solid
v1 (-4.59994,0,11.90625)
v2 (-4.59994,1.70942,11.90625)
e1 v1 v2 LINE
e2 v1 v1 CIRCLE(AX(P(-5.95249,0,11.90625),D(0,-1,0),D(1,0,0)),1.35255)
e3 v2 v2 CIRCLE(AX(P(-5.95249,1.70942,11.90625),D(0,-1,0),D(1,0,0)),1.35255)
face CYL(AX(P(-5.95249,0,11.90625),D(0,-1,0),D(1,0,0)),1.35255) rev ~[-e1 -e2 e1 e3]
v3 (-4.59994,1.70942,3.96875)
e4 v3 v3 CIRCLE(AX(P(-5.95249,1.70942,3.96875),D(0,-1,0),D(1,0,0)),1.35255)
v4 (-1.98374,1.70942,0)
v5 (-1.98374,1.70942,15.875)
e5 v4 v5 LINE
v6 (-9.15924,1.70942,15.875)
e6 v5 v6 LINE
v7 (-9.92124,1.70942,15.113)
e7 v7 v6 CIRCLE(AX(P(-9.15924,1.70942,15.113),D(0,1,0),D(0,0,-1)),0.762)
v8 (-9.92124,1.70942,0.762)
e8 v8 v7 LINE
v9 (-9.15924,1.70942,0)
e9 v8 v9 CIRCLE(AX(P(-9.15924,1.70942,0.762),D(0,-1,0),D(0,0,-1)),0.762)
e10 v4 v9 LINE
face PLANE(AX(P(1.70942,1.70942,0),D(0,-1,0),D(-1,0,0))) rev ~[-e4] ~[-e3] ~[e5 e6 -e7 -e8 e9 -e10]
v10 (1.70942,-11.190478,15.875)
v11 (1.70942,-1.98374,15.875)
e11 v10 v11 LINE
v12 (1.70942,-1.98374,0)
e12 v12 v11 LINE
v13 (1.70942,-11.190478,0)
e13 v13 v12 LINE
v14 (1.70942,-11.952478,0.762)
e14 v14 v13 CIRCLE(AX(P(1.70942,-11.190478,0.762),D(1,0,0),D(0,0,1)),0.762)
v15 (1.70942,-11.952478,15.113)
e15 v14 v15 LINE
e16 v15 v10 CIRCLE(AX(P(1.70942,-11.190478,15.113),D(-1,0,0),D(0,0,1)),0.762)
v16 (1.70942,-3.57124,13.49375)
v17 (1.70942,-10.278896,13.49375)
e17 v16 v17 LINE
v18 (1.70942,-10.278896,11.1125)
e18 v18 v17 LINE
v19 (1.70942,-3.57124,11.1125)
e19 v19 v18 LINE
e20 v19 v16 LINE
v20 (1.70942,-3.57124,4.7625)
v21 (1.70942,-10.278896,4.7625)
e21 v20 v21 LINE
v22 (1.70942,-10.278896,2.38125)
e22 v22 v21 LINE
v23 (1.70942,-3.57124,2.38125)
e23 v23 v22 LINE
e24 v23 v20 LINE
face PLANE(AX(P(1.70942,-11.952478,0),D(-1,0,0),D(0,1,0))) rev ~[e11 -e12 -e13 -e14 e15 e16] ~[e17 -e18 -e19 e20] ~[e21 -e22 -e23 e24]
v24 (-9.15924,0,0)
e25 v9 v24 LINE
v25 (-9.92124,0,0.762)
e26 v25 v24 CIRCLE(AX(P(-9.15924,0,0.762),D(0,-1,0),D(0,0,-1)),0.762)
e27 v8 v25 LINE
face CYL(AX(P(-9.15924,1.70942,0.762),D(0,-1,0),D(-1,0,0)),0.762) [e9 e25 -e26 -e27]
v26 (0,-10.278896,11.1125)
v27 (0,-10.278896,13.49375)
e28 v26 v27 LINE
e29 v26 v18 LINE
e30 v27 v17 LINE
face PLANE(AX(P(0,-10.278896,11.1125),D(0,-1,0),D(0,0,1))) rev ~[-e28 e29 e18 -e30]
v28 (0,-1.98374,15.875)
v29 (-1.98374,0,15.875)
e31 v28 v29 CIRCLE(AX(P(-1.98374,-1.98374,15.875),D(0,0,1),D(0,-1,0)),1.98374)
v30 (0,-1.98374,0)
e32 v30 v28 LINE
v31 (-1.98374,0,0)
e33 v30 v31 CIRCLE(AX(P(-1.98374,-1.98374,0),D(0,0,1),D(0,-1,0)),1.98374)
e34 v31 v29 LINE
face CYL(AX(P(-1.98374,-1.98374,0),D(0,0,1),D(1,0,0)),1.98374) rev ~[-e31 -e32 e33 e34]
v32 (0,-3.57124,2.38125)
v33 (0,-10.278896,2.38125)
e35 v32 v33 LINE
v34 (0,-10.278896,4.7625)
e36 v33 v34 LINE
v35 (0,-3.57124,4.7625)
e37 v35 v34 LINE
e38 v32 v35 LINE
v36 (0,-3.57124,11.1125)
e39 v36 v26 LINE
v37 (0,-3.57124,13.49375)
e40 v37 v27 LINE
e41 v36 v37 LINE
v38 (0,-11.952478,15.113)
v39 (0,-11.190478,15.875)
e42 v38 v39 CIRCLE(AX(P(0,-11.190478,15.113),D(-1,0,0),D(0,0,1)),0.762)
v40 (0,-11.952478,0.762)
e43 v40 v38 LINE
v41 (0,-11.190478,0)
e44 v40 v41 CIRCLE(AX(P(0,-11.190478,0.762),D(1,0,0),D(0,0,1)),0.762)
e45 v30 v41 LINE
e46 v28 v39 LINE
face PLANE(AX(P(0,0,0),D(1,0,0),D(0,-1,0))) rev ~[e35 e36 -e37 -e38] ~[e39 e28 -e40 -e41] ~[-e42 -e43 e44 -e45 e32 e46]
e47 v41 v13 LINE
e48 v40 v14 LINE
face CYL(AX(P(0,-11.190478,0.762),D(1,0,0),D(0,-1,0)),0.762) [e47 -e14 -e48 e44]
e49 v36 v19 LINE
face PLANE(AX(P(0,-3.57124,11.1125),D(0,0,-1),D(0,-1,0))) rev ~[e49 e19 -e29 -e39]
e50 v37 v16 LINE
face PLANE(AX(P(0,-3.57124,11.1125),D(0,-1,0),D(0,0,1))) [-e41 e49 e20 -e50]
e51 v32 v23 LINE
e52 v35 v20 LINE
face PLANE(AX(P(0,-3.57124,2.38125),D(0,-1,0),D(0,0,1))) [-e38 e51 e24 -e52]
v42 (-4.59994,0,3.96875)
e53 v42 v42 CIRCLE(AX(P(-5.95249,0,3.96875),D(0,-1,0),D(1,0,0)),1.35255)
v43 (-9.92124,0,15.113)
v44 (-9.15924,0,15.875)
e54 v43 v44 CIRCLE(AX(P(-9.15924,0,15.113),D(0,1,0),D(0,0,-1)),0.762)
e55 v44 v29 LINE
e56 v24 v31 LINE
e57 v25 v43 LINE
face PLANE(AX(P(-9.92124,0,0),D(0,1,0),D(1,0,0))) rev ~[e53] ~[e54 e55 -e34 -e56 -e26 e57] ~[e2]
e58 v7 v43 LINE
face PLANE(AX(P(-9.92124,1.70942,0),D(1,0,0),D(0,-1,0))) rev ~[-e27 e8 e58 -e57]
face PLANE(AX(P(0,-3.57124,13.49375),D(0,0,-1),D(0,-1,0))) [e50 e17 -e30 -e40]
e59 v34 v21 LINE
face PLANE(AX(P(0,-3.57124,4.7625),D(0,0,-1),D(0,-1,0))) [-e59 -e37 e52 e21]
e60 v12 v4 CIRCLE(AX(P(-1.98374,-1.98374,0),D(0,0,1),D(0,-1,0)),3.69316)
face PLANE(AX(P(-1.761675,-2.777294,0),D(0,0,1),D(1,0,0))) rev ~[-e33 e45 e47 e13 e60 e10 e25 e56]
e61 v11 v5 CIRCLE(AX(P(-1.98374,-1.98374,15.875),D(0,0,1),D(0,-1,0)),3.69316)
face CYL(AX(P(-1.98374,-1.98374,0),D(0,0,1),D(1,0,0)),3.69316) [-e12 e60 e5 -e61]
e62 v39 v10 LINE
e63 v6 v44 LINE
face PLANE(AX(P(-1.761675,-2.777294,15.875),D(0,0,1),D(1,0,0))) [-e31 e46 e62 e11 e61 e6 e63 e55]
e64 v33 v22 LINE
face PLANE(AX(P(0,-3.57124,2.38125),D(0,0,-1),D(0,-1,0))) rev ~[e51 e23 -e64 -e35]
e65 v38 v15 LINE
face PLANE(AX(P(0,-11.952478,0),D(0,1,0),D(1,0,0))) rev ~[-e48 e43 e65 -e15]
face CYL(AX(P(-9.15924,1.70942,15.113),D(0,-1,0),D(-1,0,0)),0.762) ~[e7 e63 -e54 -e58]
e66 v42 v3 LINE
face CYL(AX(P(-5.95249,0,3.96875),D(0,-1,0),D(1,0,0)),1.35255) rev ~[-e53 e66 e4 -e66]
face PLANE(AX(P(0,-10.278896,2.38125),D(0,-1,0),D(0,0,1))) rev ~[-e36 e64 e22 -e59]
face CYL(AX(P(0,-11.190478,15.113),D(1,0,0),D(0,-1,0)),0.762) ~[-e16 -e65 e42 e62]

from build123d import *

# Parameters (mm, degrees)
F1_DEPTH = 15.875
F2_R     = 0.762
F3_R     = 1.98374
F4_R     = 3.69316
F5_W     = 6.707656
F5_H     = 2.38125
F6_DEPTH = 1.70942
F7_R     = 1.35255
F8_DEPTH = 1.70942


with BuildPart() as f1:
    # F0 (on Top) → F1 (new body)
    with BuildSketch(Plane.XY):
        Polygon((0, 0), (0, -11.952478), (1.70942, -11.952478), (1.70942, 1.70942), (-9.92124, 1.70942), (-9.92124, 0), align=None)
    extrude(amount=F1_DEPTH)

    # F2
    f2_edges = [f1.edges().sort_by_distance(p)[0] for p in [
        (-9.92124, 0.85471, 15.875),
        (-9.92124, 0.85471, 0),
        (0.85471, -11.952478, 0),
        (0.85471, -11.952478, 15.875),
    ]]
    fillet(f2_edges, radius=F2_R)

    # F3
    f3_edges = [f1.edges().sort_by_distance(p)[0] for p in [
        (0, 0, 7.9375),
    ]]
    fillet(f3_edges, radius=F3_R)

    # F4
    f4_edges = [f1.edges().sort_by_distance(p)[0] for p in [
        (1.70942, 1.70942, 7.9375),
    ]]
    fillet(f4_edges, radius=F4_R)

    # F5 (on face) → F6 (cut, through all)
    with BuildSketch(Plane(origin=(0, 0, 0), x_dir=(0, -1, 0), z_dir=(-1, 0, 0))):
        with Locations((6.925068, 12.303125)):
            Rectangle(F5_W, F5_H)
        with Locations((6.925068, 3.571875)):
            Rectangle(F5_W, F5_H)
    extrude(amount=-F6_DEPTH, mode=Mode.SUBTRACT)

    # F7 (on face) → F8 (cut, through all)
    with BuildSketch(Plane.XZ):
        with Locations((-5.95249, 11.90625)):
            Circle(F7_R)
        with Locations((-5.95249, 3.96875)):
            Circle(F7_R)
    extrude(amount=-F8_DEPTH, mode=Mode.SUBTRACT)


solid = f1.part
